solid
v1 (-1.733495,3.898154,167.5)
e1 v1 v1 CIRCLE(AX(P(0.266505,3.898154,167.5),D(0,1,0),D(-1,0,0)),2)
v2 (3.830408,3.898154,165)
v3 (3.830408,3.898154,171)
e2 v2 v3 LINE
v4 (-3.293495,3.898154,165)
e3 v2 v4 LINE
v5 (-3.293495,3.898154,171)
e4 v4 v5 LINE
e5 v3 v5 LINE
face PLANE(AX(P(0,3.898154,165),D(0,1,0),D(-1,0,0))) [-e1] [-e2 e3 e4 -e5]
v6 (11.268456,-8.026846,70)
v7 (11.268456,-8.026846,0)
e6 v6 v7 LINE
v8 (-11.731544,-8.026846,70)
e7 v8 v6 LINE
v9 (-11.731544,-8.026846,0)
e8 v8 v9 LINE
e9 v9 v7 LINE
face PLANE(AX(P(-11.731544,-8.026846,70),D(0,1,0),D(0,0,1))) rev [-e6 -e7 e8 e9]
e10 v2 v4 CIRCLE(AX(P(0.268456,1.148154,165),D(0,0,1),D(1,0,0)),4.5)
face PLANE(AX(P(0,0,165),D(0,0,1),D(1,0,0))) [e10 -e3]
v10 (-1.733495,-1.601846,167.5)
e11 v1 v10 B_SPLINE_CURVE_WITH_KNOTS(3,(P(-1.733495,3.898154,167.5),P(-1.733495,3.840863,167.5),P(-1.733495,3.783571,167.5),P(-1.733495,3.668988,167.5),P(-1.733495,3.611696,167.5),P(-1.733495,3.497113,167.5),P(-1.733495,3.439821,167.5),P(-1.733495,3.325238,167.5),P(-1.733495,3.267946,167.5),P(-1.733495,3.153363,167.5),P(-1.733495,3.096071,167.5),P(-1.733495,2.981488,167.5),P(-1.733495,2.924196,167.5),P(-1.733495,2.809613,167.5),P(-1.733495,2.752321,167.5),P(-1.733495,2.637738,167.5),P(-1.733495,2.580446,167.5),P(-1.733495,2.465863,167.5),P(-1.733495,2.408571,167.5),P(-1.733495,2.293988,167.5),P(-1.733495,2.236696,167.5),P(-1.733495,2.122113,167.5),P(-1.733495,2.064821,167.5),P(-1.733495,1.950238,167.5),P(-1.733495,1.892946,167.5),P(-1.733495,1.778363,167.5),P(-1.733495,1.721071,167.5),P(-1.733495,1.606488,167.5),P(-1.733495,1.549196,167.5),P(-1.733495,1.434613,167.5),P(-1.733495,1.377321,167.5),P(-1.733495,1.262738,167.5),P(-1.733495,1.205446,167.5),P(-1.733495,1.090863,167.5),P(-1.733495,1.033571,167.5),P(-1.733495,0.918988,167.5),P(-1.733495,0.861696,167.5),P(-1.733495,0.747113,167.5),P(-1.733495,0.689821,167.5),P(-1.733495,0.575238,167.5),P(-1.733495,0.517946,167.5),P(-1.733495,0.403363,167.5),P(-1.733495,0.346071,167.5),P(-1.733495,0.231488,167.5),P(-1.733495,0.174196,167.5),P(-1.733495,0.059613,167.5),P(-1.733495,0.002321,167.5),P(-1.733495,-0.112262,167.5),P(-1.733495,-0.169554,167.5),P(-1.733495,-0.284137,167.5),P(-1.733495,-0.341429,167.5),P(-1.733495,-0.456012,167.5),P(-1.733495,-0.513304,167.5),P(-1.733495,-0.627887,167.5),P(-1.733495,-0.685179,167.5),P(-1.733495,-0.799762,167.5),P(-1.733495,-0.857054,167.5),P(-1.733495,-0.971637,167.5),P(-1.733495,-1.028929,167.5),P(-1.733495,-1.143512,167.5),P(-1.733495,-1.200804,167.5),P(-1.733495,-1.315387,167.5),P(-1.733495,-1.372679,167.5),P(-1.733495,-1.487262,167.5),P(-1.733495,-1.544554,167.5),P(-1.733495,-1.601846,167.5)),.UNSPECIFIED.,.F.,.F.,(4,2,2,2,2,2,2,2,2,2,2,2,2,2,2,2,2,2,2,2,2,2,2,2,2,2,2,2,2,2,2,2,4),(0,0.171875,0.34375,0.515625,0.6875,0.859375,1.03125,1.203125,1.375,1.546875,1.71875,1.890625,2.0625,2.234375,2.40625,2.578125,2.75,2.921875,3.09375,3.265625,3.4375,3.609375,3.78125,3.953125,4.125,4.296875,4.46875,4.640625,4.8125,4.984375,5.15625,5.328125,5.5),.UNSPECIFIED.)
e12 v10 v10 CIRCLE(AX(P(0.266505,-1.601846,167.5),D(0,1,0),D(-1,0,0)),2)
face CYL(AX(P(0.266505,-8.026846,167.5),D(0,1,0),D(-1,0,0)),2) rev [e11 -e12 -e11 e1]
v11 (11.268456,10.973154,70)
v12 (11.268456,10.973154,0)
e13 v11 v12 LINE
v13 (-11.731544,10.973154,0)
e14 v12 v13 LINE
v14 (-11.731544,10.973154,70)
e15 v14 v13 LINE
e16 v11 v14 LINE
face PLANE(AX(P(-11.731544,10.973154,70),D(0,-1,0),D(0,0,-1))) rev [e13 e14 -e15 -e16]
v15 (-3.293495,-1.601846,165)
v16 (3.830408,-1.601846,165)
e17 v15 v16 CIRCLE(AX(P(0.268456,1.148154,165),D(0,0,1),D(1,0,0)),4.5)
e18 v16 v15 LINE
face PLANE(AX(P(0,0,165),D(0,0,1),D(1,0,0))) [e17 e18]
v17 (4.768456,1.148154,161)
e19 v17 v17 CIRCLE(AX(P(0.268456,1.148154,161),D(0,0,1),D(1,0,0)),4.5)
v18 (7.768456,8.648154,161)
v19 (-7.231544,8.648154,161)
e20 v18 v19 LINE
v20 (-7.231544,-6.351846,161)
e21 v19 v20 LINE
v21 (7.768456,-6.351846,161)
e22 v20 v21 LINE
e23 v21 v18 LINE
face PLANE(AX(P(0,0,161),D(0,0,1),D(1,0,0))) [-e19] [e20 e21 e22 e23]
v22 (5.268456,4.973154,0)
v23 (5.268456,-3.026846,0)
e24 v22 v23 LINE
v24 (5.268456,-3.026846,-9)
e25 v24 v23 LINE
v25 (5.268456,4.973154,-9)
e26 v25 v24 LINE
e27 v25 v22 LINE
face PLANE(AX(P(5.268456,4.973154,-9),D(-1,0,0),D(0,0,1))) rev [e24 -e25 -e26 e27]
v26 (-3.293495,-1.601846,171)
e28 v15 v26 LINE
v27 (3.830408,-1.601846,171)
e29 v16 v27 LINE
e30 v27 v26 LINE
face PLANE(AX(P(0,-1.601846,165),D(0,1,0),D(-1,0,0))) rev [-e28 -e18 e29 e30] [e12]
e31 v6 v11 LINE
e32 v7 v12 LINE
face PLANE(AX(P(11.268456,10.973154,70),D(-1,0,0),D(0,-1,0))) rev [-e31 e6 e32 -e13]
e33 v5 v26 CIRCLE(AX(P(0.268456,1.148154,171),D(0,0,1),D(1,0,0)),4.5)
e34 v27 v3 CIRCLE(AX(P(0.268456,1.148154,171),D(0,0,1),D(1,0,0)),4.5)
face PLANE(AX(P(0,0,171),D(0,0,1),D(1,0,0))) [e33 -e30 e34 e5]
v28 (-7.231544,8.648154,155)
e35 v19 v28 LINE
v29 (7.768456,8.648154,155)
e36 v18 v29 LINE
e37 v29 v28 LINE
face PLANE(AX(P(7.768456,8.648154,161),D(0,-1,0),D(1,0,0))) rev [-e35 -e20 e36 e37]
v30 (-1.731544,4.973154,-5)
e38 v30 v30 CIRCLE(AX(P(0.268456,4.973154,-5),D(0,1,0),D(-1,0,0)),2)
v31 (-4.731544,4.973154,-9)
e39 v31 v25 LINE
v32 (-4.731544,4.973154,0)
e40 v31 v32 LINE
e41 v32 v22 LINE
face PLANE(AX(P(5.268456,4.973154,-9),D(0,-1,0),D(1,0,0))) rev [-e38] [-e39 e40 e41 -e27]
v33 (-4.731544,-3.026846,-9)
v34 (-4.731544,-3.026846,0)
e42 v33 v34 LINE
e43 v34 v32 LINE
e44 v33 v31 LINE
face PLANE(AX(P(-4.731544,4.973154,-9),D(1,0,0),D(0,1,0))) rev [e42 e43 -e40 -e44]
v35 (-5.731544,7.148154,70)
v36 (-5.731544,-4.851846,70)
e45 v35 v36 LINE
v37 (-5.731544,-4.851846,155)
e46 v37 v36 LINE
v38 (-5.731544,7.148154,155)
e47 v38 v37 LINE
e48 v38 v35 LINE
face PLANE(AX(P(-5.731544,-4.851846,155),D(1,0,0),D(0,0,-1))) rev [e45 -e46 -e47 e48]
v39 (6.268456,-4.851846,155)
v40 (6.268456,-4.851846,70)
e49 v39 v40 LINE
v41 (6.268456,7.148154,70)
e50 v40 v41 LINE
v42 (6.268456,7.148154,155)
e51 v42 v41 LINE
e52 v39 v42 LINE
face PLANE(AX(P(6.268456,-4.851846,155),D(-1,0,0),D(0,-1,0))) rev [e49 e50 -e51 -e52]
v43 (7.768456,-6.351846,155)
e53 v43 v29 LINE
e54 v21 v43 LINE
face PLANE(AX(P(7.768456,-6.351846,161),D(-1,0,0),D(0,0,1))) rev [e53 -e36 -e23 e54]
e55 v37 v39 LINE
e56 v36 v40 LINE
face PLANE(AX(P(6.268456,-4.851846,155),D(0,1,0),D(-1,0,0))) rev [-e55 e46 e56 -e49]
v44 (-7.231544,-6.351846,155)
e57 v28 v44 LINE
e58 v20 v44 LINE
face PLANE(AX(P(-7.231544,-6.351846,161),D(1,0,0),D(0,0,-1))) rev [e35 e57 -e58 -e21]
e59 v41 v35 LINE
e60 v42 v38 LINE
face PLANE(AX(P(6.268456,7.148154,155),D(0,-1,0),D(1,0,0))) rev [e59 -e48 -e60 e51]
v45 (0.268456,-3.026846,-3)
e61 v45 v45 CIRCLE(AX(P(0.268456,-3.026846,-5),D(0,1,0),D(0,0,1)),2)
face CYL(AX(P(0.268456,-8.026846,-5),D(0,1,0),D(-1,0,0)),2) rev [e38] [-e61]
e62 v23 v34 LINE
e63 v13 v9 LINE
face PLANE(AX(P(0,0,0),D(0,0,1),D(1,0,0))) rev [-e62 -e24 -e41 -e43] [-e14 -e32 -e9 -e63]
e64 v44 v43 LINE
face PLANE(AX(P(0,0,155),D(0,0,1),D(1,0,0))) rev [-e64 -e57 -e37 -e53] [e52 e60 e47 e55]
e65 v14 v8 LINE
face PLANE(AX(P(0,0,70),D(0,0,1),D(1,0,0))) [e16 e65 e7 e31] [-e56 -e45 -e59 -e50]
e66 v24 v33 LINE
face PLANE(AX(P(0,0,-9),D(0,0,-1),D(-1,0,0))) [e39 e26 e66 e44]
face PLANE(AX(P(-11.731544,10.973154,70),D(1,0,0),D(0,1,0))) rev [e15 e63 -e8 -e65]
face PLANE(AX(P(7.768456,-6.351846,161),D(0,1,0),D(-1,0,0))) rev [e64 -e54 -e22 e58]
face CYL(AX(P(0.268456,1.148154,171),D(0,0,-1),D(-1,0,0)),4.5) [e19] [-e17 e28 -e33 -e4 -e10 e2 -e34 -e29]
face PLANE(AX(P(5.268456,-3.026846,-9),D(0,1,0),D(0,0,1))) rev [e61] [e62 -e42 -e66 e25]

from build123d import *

# Parameters (mm, degrees)
SKETCH2_W           = 23
SKETCH2_H           = 19
BOSS_EXTRUDE1_DEPTH = 70
SKETCH3_W           = 10
SKETCH3_H           = 8
BOSS_EXTRUDE2_DEPTH = 9
SKETCH4_R           = 2
CUT_EXTRUDE1_DEPTH  = 73.156975517
SKETCH5_W           = 12
SKETCH5_H           = 12
BOSS_EXTRUDE3_DEPTH = 85
SKETCH6_W           = 15
SKETCH6_H           = 15
BOSS_EXTRUDE4_DEPTH = 6
BOSS_EXTRUDE5_DEPTH = 10
CUT_EXTRUDE2_START  = -6
CUT_EXTRUDE2_DEPTH  = 6
SKETCH9_R           = 2
CUT_EXTRUDE3_DEPTH  = 172.816281943


with BuildPart() as part:
    # Sketch2 → Boss-Extrude1 (new body)
    with BuildSketch(Plane.XY):
        with Locations((-0.231543624, 1.473154362)):
            Rectangle(SKETCH2_W, SKETCH2_H)
    extrude(amount=BOSS_EXTRUDE1_DEPTH)

    # Sketch3 → Boss-Extrude2 (add)
    with BuildSketch(Plane(origin=(0, 0, 0), x_dir=(-1, 0, 0), z_dir=(0, 0, -1))):
        with Locations((-0.268456376, 0.973154362)):
            Rectangle(SKETCH3_W, SKETCH3_H)
    extrude(amount=BOSS_EXTRUDE2_DEPTH)

    # Sketch4 → Cut-Extrude1 (cut, through all)
    with BuildSketch(Plane(origin=(0, 4.973154362, 0), x_dir=(1, 0, 0), z_dir=(0, 1, 0))):
        with Locations(Location((0.268456376, 5, 0), (0, 0, 180))):
            Circle(SKETCH4_R)
    extrude(amount=-CUT_EXTRUDE1_DEPTH, mode=Mode.SUBTRACT)

    # Sketch5 → Boss-Extrude3 (add)
    with BuildSketch(Plane.XY.offset(70)):
        with Locations((0.268456376, 1.148154362)):
            Rectangle(SKETCH5_W, SKETCH5_H)
    extrude(amount=BOSS_EXTRUDE3_DEPTH)

    # Sketch6 → Boss-Extrude4 (add)
    with BuildSketch(Plane.XY.offset(155)):
        with Locations((0.268456376, 1.148154362)):
            Rectangle(SKETCH6_W, SKETCH6_H)
    extrude(amount=BOSS_EXTRUDE4_DEPTH)

    # Sketch7 → Boss-Extrude5 (add)
    with BuildSketch(Plane.XY.offset(161)):
        with BuildLine():
            ThreePointArc((-4.231543624, 1.148154362), (-2.91352414, -2.033826153), (0.268456376, -3.351845638))
            Line((0.268456376, -3.351845638), (0.268456376, 1.148154362))
            Line((0.268456376, 1.148154362), (-4.231543624, 1.148154362))
        make_face()
        with BuildLine():
            Line((0.268456376, 1.148154362), (0.268456376, -3.351845638))
            ThreePointArc((0.268456376, -3.351845638), (3.450436891, -2.033826153), (4.768456376, 1.148154362))
            Line((4.768456376, 1.148154362), (0.268456376, 1.148154362))
        make_face()
        with BuildLine():
            Line((-4.231543624, 1.148154362), (0.268456376, 1.148154362))
            Line((0.268456376, 1.148154362), (0.268456376, 5.648154362))
            ThreePointArc((0.268456376, 5.648154362), (-2.91352414, 4.330134878), (-4.231543624, 1.148154362))
        make_face()
        with BuildLine():
            Line((0.268456376, 5.648154362), (0.268456376, 1.148154362))
            Line((0.268456376, 1.148154362), (4.768456376, 1.148154362))
            ThreePointArc((4.768456376, 1.148154362), (3.450436891, 4.330134878), (0.268456376, 5.648154362))
        make_face()
        with BuildLine():
            ThreePointArc((-4.231543624, 1.148154362), (-2.91352414, -2.033826153), (0.268456376, -3.351845638))
            Line((0.268456376, -3.351845638), (0.268456376, 1.148154362))
            Line((0.268456376, 1.148154362), (-4.231543624, 1.148154362))
        make_face()
        with BuildLine():
            Line((0.268456376, 1.148154362), (0.268456376, -3.351845638))
            ThreePointArc((0.268456376, -3.351845638), (3.450436891, -2.033826153), (4.768456376, 1.148154362))
            Line((4.768456376, 1.148154362), (0.268456376, 1.148154362))
        make_face()
        with BuildLine():
            Line((-4.231543624, 1.148154362), (0.268456376, 1.148154362))
            Line((0.268456376, 1.148154362), (0.268456376, 5.648154362))
            ThreePointArc((0.268456376, 5.648154362), (-2.91352414, 4.330134878), (-4.231543624, 1.148154362))
        make_face()
        with BuildLine():
            Line((0.268456376, 5.648154362), (0.268456376, 1.148154362))
            Line((0.268456376, 1.148154362), (4.768456376, 1.148154362))
            ThreePointArc((4.768456376, 1.148154362), (3.450436891, 4.330134878), (0.268456376, 5.648154362))
        make_face()
        with BuildLine():
            ThreePointArc((-4.231543624, 1.148154362), (-2.91352414, -2.033826153), (0.268456376, -3.351845638))
            Line((0.268456376, -3.351845638), (0.268456376, 1.148154362))
            Line((0.268456376, 1.148154362), (-4.231543624, 1.148154362))
        make_face()
        with BuildLine():
            Line((0.268456376, 1.148154362), (0.268456376, -3.351845638))
            ThreePointArc((0.268456376, -3.351845638), (3.450436891, -2.033826153), (4.768456376, 1.148154362))
            Line((4.768456376, 1.148154362), (0.268456376, 1.148154362))
        make_face()
        with BuildLine():
            Line((-4.231543624, 1.148154362), (0.268456376, 1.148154362))
            Line((0.268456376, 1.148154362), (0.268456376, 5.648154362))
            ThreePointArc((0.268456376, 5.648154362), (-2.91352414, 4.330134878), (-4.231543624, 1.148154362))
        make_face()
        with BuildLine():
            Line((0.268456376, 5.648154362), (0.268456376, 1.148154362))
            Line((0.268456376, 1.148154362), (4.768456376, 1.148154362))
            ThreePointArc((4.768456376, 1.148154362), (3.450436891, 4.330134878), (0.268456376, 5.648154362))
        make_face()
        with BuildLine():
            ThreePointArc((-4.231543624, 1.148154362), (-2.91352414, -2.033826153), (0.268456376, -3.351845638))
            Line((0.268456376, -3.351845638), (0.268456376, 1.148154362))
            Line((0.268456376, 1.148154362), (-4.231543624, 1.148154362))
        make_face()
        with BuildLine():
            Line((0.268456376, 1.148154362), (0.268456376, -3.351845638))
            ThreePointArc((0.268456376, -3.351845638), (3.450436891, -2.033826153), (4.768456376, 1.148154362))
            Line((4.768456376, 1.148154362), (0.268456376, 1.148154362))
        make_face()
        with BuildLine():
            Line((-4.231543624, 1.148154362), (0.268456376, 1.148154362))
            Line((0.268456376, 1.148154362), (0.268456376, 5.648154362))
            ThreePointArc((0.268456376, 5.648154362), (-2.91352414, 4.330134878), (-4.231543624, 1.148154362))
        make_face()
        with BuildLine():
            Line((0.268456376, 5.648154362), (0.268456376, 1.148154362))
            Line((0.268456376, 1.148154362), (4.768456376, 1.148154362))
            ThreePointArc((4.768456376, 1.148154362), (3.450436891, 4.330134878), (0.268456376, 5.648154362))
        make_face()
    extrude(amount=BOSS_EXTRUDE5_DEPTH)

    # Sketch8 → Cut-Extrude2 (cut)
    with BuildSketch(Plane.XY.offset(171).offset(CUT_EXTRUDE2_START)):
        with BuildLine():
            Line((-3.293495336, 3.898154362), (0.268456376, 3.898154362))
            Line((0.268456376, 3.898154362), (0.268456376, 5.648154362))
            ThreePointArc((0.268456376, 5.648154362), (-1.715857107, 5.187027968), (-3.293495336, 3.898154362))
        make_face()
        with BuildLine():
            Line((0.268456376, 5.648154362), (0.268456376, 3.898154362))
            Line((0.268456376, 3.898154362), (3.830408088, 3.898154362))
            ThreePointArc((3.830408088, 3.898154362), (2.252769859, 5.187027968), (0.268456376, 5.648154362))
        make_face()
        with BuildLine():
            Line((-3.293495336, 3.898154362), (0.268456376, 3.898154362))
            Line((0.268456376, 3.898154362), (0.268456376, 5.648154362))
            ThreePointArc((0.268456376, 5.648154362), (-1.715857107, 5.187027968), (-3.293495336, 3.898154362))
        make_face()
        with BuildLine():
            Line((0.268456376, 5.648154362), (0.268456376, 3.898154362))
            Line((0.268456376, 3.898154362), (3.830408088, 3.898154362))
            ThreePointArc((3.830408088, 3.898154362), (2.252769859, 5.187027968), (0.268456376, 5.648154362))
        make_face()
        with BuildLine():
            ThreePointArc((-3.293495336, -1.601845638), (-1.715857107, -2.890719243), (0.268456376, -3.351845638))
            Line((0.268456376, -3.351845638), (0.268456376, -1.601845638))
            Line((0.268456376, -1.601845638), (-3.293495336, -1.601845638))
        make_face()
        with BuildLine():
            Line((0.268456376, -1.601845638), (0.268456376, -3.351845638))
            ThreePointArc((0.268456376, -3.351845638), (2.252769859, -2.890719243), (3.830408088, -1.601845638))
            Line((3.830408088, -1.601845638), (0.268456376, -1.601845638))
        make_face()
        with BuildLine():
            ThreePointArc((-3.293495336, -1.601845638), (-1.715857107, -2.890719243), (0.268456376, -3.351845638))
            Line((0.268456376, -3.351845638), (0.268456376, -1.601845638))
            Line((0.268456376, -1.601845638), (-3.293495336, -1.601845638))
        make_face()
        with BuildLine():
            Line((0.268456376, -1.601845638), (0.268456376, -3.351845638))
            ThreePointArc((0.268456376, -3.351845638), (2.252769859, -2.890719243), (3.830408088, -1.601845638))
            Line((3.830408088, -1.601845638), (0.268456376, -1.601845638))
        make_face()
    extrude(amount=CUT_EXTRUDE2_DEPTH, mode=Mode.SUBTRACT)

    # Sketch9 → Cut-Extrude3 (cut, through all)
    with BuildSketch(Plane(origin=(0, 3.898154362, 0), x_dir=(1, 0, 0), z_dir=(0, 1, 0))):
        with Locations(Location((0.266504664, -167.5, 0), (0, 0, 180))):
            Circle(SKETCH9_R)
    extrude(amount=-CUT_EXTRUDE3_DEPTH, mode=Mode.SUBTRACT)


solid = part.part
